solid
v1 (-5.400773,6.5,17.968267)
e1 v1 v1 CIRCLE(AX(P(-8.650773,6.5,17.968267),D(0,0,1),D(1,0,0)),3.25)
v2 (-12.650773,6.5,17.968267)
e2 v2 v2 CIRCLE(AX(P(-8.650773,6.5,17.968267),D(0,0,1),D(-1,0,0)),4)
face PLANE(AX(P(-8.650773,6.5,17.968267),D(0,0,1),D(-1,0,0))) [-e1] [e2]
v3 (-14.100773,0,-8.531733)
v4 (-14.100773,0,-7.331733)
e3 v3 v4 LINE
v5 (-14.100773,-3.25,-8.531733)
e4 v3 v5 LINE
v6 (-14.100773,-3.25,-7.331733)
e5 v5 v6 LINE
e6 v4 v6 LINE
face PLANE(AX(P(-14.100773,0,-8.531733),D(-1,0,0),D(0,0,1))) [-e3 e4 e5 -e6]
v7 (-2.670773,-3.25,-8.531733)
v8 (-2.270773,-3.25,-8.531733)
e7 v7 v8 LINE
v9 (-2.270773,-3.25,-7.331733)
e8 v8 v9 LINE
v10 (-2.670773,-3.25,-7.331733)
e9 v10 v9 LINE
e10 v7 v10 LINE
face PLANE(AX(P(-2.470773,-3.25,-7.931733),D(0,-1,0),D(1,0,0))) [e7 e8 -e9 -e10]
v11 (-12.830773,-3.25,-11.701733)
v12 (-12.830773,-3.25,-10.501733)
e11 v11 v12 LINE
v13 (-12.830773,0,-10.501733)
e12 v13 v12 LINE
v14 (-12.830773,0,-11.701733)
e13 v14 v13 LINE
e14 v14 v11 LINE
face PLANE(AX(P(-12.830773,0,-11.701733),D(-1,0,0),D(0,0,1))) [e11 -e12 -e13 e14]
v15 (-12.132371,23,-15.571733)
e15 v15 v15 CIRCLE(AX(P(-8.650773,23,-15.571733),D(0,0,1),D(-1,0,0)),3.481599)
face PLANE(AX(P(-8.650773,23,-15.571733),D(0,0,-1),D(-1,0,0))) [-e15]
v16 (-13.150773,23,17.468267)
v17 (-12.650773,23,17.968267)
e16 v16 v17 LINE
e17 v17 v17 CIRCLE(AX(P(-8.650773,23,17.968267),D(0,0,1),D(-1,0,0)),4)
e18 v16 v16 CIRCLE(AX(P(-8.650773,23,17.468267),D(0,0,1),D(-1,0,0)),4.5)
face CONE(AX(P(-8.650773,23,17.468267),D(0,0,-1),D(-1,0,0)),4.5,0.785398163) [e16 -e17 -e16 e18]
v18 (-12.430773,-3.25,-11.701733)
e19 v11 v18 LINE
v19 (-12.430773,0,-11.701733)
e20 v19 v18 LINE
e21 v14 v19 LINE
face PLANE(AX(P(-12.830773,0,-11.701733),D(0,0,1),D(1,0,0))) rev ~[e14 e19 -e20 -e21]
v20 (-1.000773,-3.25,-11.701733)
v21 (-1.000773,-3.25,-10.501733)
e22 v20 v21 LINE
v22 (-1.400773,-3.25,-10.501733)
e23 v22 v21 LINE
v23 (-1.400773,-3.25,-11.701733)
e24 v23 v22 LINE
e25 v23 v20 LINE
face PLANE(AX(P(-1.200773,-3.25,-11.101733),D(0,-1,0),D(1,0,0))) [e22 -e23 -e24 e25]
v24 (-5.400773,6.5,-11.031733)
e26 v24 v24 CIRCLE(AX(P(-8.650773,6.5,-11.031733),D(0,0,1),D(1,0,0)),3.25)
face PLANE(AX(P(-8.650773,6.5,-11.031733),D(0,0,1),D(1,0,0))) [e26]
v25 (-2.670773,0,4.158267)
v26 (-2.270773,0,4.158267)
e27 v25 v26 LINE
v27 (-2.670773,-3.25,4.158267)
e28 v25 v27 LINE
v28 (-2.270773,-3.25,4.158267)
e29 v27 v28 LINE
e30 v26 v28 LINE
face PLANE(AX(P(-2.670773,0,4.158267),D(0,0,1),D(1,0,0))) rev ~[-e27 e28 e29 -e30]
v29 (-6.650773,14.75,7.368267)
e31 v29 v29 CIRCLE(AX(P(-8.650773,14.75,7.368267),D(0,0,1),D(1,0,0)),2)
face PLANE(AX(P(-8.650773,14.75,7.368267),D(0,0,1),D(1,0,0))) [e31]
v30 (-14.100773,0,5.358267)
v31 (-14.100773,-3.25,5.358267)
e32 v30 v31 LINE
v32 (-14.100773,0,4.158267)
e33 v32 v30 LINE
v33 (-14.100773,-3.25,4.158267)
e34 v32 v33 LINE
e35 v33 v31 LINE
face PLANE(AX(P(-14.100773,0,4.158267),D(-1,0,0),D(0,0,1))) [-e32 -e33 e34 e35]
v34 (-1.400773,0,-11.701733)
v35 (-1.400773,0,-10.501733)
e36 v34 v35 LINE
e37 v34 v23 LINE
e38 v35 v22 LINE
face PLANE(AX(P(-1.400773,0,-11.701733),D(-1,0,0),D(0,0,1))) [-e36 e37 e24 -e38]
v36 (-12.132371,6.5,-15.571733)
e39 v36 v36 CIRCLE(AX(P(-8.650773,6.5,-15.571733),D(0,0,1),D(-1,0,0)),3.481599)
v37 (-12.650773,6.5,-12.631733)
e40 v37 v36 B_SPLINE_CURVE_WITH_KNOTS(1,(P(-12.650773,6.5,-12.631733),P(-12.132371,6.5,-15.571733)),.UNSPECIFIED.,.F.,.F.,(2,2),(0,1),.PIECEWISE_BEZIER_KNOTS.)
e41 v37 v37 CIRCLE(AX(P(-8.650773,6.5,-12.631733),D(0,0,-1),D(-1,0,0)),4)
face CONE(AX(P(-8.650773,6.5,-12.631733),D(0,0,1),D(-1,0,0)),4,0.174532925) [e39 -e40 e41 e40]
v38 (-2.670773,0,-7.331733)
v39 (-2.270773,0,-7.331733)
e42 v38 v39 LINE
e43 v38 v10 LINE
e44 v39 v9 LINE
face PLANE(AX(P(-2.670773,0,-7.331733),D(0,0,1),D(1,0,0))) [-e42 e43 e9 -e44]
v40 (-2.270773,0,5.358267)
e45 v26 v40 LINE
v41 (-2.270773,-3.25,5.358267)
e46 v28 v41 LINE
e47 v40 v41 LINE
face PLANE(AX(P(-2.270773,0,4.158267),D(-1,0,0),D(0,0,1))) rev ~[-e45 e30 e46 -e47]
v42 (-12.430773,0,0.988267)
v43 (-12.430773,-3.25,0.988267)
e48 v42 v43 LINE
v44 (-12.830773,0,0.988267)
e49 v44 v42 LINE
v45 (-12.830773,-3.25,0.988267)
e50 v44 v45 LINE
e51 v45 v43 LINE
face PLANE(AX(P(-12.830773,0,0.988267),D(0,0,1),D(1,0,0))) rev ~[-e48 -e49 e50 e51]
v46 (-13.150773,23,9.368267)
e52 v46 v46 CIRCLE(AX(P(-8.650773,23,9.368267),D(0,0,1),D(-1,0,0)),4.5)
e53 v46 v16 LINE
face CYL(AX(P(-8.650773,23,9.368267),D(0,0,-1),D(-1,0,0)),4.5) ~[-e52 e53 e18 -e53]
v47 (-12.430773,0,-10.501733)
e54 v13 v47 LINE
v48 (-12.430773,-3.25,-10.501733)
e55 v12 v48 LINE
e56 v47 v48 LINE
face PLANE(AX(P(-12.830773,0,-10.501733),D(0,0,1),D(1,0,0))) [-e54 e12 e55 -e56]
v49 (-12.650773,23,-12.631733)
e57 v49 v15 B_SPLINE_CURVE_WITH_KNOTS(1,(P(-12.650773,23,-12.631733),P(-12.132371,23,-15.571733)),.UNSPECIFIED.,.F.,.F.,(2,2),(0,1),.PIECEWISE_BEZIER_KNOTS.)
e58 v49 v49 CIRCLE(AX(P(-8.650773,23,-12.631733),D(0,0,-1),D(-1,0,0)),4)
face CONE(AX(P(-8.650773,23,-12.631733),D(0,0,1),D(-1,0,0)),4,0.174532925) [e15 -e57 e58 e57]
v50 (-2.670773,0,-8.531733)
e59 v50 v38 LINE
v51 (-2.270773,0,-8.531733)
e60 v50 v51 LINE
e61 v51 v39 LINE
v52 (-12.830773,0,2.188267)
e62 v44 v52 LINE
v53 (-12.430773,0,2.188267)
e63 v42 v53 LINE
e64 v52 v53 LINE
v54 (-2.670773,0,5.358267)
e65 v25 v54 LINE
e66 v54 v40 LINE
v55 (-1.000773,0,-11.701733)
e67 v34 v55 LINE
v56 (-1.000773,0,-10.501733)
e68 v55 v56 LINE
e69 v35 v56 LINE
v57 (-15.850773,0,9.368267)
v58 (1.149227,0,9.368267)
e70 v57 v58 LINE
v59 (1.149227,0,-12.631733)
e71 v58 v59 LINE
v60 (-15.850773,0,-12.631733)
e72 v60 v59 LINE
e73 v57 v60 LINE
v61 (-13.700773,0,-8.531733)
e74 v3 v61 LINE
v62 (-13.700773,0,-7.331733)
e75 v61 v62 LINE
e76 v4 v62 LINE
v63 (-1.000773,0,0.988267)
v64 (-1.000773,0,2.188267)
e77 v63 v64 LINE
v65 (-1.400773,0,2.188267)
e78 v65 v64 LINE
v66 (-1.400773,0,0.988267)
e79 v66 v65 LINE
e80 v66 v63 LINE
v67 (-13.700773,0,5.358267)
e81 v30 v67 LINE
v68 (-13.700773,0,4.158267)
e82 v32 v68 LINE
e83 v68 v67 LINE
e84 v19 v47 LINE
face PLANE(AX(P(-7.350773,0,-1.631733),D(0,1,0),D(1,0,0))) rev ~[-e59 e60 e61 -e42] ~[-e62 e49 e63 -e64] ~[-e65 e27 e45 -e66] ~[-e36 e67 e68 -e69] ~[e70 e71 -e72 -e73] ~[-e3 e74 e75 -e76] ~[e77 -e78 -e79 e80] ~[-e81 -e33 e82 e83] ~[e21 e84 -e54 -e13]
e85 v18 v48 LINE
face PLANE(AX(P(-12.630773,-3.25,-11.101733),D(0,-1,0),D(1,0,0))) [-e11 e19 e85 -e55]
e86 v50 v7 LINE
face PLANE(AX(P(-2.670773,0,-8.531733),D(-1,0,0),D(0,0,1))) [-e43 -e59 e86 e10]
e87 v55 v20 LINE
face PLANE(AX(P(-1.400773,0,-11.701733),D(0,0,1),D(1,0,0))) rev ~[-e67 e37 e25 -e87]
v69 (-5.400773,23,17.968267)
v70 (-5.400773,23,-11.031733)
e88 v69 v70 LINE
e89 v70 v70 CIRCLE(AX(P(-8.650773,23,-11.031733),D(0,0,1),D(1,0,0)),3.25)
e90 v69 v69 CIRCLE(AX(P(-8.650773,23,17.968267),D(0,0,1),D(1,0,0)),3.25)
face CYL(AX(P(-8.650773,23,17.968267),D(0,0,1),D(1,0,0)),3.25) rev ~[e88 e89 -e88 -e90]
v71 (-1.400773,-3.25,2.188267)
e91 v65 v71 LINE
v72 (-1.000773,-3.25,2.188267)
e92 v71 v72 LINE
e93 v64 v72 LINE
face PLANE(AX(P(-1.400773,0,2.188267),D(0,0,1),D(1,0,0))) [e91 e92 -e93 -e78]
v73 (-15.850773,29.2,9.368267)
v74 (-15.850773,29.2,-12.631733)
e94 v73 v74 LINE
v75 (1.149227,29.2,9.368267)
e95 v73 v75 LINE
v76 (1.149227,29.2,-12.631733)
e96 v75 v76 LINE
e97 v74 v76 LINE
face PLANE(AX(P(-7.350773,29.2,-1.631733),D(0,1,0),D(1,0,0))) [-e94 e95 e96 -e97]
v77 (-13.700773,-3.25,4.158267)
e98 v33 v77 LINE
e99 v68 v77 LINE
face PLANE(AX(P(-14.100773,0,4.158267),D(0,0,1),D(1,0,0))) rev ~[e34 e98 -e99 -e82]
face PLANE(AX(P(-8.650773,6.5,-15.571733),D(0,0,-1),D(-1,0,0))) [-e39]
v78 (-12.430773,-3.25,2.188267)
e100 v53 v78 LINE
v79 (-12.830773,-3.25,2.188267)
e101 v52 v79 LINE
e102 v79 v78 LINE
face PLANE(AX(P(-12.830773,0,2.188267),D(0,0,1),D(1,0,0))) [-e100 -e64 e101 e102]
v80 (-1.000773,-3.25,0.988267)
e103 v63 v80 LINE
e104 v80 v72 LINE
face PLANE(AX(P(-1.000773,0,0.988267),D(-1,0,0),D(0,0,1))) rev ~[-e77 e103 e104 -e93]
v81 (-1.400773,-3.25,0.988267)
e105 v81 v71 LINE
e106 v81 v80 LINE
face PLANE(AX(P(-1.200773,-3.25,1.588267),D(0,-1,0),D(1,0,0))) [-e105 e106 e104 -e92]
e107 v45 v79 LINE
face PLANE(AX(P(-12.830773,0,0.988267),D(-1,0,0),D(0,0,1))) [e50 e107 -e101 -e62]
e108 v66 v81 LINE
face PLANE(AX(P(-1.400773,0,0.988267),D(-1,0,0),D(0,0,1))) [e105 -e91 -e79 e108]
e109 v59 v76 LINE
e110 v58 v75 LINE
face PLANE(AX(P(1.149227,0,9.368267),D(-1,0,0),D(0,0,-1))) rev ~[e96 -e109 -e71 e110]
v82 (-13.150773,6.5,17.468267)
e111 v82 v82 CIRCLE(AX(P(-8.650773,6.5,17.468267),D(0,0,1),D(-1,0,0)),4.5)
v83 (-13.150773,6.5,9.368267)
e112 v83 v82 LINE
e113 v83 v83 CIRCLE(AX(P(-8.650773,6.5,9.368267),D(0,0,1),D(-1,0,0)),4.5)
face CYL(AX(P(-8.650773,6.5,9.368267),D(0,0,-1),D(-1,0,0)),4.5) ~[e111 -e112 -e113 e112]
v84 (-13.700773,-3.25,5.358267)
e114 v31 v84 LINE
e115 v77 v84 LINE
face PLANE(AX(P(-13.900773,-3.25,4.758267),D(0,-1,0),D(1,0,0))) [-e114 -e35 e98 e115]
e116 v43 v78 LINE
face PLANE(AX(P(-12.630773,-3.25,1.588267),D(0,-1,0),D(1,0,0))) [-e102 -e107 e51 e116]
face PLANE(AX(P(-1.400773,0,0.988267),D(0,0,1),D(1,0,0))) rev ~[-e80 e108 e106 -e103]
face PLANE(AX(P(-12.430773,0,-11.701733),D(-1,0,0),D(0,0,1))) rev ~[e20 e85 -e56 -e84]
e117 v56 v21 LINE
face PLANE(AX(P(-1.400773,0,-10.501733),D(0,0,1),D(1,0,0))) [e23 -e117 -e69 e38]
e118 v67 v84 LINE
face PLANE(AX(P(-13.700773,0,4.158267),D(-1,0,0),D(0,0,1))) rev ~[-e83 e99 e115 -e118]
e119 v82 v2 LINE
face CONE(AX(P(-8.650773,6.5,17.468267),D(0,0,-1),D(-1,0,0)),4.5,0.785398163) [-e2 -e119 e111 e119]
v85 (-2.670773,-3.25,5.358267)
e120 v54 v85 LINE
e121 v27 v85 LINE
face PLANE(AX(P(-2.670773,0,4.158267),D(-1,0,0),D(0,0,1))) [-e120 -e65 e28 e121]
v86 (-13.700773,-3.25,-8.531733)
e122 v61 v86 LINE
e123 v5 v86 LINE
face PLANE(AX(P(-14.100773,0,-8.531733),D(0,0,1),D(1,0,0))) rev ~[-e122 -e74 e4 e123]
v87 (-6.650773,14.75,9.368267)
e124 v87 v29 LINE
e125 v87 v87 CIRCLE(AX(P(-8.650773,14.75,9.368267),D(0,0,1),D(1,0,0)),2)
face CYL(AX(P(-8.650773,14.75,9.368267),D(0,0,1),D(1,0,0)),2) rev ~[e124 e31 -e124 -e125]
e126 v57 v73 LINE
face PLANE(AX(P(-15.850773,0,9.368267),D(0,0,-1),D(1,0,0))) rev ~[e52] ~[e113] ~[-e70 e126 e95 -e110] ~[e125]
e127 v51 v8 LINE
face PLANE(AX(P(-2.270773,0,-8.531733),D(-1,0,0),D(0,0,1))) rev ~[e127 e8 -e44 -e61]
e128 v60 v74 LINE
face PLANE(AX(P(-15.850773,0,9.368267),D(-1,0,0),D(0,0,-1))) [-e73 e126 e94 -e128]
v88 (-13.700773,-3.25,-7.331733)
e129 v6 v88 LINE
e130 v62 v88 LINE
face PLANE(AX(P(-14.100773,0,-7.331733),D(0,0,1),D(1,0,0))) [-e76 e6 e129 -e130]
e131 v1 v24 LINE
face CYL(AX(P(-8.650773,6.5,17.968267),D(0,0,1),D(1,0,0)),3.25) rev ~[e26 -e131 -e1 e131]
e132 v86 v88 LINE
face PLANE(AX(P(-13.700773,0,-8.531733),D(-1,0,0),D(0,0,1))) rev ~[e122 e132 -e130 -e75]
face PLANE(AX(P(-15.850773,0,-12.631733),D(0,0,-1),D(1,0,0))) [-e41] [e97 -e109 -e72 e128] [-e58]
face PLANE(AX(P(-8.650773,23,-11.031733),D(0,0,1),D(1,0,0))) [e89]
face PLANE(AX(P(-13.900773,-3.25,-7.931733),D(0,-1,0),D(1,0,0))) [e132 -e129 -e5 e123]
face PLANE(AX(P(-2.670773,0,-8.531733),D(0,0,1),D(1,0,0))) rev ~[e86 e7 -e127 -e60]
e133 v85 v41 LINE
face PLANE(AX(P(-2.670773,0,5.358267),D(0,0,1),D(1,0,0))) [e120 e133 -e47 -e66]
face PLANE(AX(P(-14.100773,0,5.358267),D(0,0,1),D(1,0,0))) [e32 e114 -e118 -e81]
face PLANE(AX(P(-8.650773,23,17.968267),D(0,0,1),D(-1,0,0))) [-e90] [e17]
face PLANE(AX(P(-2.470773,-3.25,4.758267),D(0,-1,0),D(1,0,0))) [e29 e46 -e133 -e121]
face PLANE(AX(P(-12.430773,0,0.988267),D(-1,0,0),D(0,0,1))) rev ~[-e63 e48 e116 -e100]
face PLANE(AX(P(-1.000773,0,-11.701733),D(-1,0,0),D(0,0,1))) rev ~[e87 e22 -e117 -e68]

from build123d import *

# Parameters (mm, degrees)
SKETCH1_W                  = 17
SKETCH1_H                  = 22
BOSS_EXTRUDE1_DEPTH        = 29.2
SKETCH3_R                  = 4
BOSS_EXTRUDE2_DEPTH        = 2.94
BOSS_EXTRUDE2_TAPER        = 10
SKETCH4_R                  = 4.5
BOSS_EXTRUDE3_DEPTH        = 8.6
CHAMFER1_SIZE              = 0.5
SKETCH13_R                 = 3.25
CUT_EXTRUDE1_DEPTH         = 29
SKETCH14_W                 = 0.4
SKETCH14_H                 = 1.2
BOSS_EXTRUDE4_DEPTH        = 3.25
LPATTERN1_COUNT            = 2
LPATTERN1_PITCH            = 16.5
CHAMFER1_OF_LPATTERN1_SIZE = 0.5
LPATTERN2_COUNT            = 2
LPATTERN2_PITCH            = 3.17
LPATTERN2_COUNT_DIR2       = 2
LPATTERN2_PITCH_DIR2       = 1.27
SKETCH15_R                 = 2
CUT_EXTRUDE2_DEPTH         = 2


with BuildPart() as part:
    # Sketch1 → Boss-Extrude1 (new body)
    with BuildSketch(Plane(origin=(0, 0, 0), x_dir=(1, 0, 0), z_dir=(0, 1, 0))):
        with Locations((-7.350772662, 1.631732914)):
            Rectangle(SKETCH1_W, SKETCH1_H)
    extrude(amount=BOSS_EXTRUDE1_DEPTH)

    # Sketch3 → Boss-Extrude2 (add)
    with BuildSketch(Plane(origin=(0, 0, -12.631732914), x_dir=(-1, 0, 0), z_dir=(0, 0, -1))):
        with Locations((8.650772662, 6.5)):
            Circle(SKETCH3_R)
    boss_extrude2 = extrude(amount=BOSS_EXTRUDE2_DEPTH, taper=BOSS_EXTRUDE2_TAPER)

    # Sketch4 → Boss-Extrude3 (add)
    with BuildSketch(Plane.XY.offset(9.368267086)):
        with Locations(Location((-8.650772662, 6.5, 0), (0, 0, 180))):
            Circle(SKETCH4_R)
    boss_extrude3 = extrude(amount=BOSS_EXTRUDE3_DEPTH)

    # Chamfer1
    chamfer1_edges = [part.edges().sort_by_distance(p)[0] for p in [
        (-4.150772662, 6.5, 17.968267086),
    ]]
    chamfer(chamfer1_edges, length=CHAMFER1_SIZE)

    # Sketch13 → Cut-Extrude1 (cut)
    with BuildSketch(Plane.XY.offset(17.968267086)):
        with Locations((-8.650772662, 6.5)):
            Circle(SKETCH13_R)
    cut_extrude1 = extrude(amount=-CUT_EXTRUDE1_DEPTH, mode=Mode.SUBTRACT)

    # Sketch14 → Boss-Extrude4 (add)
    with BuildSketch(Plane.XZ):
        with Locations((-13.900772662, 4.758267086)):
            Rectangle(SKETCH14_W, SKETCH14_H)
        with Locations((-2.470772662, 4.758267086)):
            Rectangle(SKETCH14_W, SKETCH14_H)
        with Locations((-2.470772662, -7.931732914)):
            Rectangle(SKETCH14_W, SKETCH14_H)
        with Locations((-13.900772662, -7.931732914)):
            Rectangle(SKETCH14_W, SKETCH14_H)
    boss_extrude4 = extrude(amount=BOSS_EXTRUDE4_DEPTH)

    # LPattern1: Boss-Extrude2, Boss-Extrude3, Cut-Extrude1 ×2
    with Locations(*[(0, i * LPATTERN1_PITCH, 0) for i in range(1, LPATTERN1_COUNT)]):
        add(boss_extrude2)
        add(boss_extrude3)
        add(cut_extrude1, mode=Mode.SUBTRACT)

    # Chamfer1 of LPattern1
    chamfer1_of_lpattern1_edges = [part.edges().sort_by_distance(p)[0] for p in [
        (-4.150772662, 23, 17.968267086),
    ]]
    chamfer(chamfer1_of_lpattern1_edges, length=CHAMFER1_OF_LPATTERN1_SIZE)

    # LPattern2: Boss-Extrude4 2 × 2, 2 skipped
    with Locations(*[(j * LPATTERN2_PITCH_DIR2, 0, -i * LPATTERN2_PITCH) for i in range(LPATTERN2_COUNT) for j in range(LPATTERN2_COUNT_DIR2) if (i, j) not in ((0, 0), (0, 1), (1, 0))]):
        add(boss_extrude4)

    # Sketch15 → Cut-Extrude2 (cut)
    with BuildSketch(Plane.XY.offset(9.368267086)):
        with Locations((-8.650772662, 14.75)):
            Circle(SKETCH15_R)
    extrude(amount=-CUT_EXTRUDE2_DEPTH, mode=Mode.SUBTRACT)


solid = part.part
